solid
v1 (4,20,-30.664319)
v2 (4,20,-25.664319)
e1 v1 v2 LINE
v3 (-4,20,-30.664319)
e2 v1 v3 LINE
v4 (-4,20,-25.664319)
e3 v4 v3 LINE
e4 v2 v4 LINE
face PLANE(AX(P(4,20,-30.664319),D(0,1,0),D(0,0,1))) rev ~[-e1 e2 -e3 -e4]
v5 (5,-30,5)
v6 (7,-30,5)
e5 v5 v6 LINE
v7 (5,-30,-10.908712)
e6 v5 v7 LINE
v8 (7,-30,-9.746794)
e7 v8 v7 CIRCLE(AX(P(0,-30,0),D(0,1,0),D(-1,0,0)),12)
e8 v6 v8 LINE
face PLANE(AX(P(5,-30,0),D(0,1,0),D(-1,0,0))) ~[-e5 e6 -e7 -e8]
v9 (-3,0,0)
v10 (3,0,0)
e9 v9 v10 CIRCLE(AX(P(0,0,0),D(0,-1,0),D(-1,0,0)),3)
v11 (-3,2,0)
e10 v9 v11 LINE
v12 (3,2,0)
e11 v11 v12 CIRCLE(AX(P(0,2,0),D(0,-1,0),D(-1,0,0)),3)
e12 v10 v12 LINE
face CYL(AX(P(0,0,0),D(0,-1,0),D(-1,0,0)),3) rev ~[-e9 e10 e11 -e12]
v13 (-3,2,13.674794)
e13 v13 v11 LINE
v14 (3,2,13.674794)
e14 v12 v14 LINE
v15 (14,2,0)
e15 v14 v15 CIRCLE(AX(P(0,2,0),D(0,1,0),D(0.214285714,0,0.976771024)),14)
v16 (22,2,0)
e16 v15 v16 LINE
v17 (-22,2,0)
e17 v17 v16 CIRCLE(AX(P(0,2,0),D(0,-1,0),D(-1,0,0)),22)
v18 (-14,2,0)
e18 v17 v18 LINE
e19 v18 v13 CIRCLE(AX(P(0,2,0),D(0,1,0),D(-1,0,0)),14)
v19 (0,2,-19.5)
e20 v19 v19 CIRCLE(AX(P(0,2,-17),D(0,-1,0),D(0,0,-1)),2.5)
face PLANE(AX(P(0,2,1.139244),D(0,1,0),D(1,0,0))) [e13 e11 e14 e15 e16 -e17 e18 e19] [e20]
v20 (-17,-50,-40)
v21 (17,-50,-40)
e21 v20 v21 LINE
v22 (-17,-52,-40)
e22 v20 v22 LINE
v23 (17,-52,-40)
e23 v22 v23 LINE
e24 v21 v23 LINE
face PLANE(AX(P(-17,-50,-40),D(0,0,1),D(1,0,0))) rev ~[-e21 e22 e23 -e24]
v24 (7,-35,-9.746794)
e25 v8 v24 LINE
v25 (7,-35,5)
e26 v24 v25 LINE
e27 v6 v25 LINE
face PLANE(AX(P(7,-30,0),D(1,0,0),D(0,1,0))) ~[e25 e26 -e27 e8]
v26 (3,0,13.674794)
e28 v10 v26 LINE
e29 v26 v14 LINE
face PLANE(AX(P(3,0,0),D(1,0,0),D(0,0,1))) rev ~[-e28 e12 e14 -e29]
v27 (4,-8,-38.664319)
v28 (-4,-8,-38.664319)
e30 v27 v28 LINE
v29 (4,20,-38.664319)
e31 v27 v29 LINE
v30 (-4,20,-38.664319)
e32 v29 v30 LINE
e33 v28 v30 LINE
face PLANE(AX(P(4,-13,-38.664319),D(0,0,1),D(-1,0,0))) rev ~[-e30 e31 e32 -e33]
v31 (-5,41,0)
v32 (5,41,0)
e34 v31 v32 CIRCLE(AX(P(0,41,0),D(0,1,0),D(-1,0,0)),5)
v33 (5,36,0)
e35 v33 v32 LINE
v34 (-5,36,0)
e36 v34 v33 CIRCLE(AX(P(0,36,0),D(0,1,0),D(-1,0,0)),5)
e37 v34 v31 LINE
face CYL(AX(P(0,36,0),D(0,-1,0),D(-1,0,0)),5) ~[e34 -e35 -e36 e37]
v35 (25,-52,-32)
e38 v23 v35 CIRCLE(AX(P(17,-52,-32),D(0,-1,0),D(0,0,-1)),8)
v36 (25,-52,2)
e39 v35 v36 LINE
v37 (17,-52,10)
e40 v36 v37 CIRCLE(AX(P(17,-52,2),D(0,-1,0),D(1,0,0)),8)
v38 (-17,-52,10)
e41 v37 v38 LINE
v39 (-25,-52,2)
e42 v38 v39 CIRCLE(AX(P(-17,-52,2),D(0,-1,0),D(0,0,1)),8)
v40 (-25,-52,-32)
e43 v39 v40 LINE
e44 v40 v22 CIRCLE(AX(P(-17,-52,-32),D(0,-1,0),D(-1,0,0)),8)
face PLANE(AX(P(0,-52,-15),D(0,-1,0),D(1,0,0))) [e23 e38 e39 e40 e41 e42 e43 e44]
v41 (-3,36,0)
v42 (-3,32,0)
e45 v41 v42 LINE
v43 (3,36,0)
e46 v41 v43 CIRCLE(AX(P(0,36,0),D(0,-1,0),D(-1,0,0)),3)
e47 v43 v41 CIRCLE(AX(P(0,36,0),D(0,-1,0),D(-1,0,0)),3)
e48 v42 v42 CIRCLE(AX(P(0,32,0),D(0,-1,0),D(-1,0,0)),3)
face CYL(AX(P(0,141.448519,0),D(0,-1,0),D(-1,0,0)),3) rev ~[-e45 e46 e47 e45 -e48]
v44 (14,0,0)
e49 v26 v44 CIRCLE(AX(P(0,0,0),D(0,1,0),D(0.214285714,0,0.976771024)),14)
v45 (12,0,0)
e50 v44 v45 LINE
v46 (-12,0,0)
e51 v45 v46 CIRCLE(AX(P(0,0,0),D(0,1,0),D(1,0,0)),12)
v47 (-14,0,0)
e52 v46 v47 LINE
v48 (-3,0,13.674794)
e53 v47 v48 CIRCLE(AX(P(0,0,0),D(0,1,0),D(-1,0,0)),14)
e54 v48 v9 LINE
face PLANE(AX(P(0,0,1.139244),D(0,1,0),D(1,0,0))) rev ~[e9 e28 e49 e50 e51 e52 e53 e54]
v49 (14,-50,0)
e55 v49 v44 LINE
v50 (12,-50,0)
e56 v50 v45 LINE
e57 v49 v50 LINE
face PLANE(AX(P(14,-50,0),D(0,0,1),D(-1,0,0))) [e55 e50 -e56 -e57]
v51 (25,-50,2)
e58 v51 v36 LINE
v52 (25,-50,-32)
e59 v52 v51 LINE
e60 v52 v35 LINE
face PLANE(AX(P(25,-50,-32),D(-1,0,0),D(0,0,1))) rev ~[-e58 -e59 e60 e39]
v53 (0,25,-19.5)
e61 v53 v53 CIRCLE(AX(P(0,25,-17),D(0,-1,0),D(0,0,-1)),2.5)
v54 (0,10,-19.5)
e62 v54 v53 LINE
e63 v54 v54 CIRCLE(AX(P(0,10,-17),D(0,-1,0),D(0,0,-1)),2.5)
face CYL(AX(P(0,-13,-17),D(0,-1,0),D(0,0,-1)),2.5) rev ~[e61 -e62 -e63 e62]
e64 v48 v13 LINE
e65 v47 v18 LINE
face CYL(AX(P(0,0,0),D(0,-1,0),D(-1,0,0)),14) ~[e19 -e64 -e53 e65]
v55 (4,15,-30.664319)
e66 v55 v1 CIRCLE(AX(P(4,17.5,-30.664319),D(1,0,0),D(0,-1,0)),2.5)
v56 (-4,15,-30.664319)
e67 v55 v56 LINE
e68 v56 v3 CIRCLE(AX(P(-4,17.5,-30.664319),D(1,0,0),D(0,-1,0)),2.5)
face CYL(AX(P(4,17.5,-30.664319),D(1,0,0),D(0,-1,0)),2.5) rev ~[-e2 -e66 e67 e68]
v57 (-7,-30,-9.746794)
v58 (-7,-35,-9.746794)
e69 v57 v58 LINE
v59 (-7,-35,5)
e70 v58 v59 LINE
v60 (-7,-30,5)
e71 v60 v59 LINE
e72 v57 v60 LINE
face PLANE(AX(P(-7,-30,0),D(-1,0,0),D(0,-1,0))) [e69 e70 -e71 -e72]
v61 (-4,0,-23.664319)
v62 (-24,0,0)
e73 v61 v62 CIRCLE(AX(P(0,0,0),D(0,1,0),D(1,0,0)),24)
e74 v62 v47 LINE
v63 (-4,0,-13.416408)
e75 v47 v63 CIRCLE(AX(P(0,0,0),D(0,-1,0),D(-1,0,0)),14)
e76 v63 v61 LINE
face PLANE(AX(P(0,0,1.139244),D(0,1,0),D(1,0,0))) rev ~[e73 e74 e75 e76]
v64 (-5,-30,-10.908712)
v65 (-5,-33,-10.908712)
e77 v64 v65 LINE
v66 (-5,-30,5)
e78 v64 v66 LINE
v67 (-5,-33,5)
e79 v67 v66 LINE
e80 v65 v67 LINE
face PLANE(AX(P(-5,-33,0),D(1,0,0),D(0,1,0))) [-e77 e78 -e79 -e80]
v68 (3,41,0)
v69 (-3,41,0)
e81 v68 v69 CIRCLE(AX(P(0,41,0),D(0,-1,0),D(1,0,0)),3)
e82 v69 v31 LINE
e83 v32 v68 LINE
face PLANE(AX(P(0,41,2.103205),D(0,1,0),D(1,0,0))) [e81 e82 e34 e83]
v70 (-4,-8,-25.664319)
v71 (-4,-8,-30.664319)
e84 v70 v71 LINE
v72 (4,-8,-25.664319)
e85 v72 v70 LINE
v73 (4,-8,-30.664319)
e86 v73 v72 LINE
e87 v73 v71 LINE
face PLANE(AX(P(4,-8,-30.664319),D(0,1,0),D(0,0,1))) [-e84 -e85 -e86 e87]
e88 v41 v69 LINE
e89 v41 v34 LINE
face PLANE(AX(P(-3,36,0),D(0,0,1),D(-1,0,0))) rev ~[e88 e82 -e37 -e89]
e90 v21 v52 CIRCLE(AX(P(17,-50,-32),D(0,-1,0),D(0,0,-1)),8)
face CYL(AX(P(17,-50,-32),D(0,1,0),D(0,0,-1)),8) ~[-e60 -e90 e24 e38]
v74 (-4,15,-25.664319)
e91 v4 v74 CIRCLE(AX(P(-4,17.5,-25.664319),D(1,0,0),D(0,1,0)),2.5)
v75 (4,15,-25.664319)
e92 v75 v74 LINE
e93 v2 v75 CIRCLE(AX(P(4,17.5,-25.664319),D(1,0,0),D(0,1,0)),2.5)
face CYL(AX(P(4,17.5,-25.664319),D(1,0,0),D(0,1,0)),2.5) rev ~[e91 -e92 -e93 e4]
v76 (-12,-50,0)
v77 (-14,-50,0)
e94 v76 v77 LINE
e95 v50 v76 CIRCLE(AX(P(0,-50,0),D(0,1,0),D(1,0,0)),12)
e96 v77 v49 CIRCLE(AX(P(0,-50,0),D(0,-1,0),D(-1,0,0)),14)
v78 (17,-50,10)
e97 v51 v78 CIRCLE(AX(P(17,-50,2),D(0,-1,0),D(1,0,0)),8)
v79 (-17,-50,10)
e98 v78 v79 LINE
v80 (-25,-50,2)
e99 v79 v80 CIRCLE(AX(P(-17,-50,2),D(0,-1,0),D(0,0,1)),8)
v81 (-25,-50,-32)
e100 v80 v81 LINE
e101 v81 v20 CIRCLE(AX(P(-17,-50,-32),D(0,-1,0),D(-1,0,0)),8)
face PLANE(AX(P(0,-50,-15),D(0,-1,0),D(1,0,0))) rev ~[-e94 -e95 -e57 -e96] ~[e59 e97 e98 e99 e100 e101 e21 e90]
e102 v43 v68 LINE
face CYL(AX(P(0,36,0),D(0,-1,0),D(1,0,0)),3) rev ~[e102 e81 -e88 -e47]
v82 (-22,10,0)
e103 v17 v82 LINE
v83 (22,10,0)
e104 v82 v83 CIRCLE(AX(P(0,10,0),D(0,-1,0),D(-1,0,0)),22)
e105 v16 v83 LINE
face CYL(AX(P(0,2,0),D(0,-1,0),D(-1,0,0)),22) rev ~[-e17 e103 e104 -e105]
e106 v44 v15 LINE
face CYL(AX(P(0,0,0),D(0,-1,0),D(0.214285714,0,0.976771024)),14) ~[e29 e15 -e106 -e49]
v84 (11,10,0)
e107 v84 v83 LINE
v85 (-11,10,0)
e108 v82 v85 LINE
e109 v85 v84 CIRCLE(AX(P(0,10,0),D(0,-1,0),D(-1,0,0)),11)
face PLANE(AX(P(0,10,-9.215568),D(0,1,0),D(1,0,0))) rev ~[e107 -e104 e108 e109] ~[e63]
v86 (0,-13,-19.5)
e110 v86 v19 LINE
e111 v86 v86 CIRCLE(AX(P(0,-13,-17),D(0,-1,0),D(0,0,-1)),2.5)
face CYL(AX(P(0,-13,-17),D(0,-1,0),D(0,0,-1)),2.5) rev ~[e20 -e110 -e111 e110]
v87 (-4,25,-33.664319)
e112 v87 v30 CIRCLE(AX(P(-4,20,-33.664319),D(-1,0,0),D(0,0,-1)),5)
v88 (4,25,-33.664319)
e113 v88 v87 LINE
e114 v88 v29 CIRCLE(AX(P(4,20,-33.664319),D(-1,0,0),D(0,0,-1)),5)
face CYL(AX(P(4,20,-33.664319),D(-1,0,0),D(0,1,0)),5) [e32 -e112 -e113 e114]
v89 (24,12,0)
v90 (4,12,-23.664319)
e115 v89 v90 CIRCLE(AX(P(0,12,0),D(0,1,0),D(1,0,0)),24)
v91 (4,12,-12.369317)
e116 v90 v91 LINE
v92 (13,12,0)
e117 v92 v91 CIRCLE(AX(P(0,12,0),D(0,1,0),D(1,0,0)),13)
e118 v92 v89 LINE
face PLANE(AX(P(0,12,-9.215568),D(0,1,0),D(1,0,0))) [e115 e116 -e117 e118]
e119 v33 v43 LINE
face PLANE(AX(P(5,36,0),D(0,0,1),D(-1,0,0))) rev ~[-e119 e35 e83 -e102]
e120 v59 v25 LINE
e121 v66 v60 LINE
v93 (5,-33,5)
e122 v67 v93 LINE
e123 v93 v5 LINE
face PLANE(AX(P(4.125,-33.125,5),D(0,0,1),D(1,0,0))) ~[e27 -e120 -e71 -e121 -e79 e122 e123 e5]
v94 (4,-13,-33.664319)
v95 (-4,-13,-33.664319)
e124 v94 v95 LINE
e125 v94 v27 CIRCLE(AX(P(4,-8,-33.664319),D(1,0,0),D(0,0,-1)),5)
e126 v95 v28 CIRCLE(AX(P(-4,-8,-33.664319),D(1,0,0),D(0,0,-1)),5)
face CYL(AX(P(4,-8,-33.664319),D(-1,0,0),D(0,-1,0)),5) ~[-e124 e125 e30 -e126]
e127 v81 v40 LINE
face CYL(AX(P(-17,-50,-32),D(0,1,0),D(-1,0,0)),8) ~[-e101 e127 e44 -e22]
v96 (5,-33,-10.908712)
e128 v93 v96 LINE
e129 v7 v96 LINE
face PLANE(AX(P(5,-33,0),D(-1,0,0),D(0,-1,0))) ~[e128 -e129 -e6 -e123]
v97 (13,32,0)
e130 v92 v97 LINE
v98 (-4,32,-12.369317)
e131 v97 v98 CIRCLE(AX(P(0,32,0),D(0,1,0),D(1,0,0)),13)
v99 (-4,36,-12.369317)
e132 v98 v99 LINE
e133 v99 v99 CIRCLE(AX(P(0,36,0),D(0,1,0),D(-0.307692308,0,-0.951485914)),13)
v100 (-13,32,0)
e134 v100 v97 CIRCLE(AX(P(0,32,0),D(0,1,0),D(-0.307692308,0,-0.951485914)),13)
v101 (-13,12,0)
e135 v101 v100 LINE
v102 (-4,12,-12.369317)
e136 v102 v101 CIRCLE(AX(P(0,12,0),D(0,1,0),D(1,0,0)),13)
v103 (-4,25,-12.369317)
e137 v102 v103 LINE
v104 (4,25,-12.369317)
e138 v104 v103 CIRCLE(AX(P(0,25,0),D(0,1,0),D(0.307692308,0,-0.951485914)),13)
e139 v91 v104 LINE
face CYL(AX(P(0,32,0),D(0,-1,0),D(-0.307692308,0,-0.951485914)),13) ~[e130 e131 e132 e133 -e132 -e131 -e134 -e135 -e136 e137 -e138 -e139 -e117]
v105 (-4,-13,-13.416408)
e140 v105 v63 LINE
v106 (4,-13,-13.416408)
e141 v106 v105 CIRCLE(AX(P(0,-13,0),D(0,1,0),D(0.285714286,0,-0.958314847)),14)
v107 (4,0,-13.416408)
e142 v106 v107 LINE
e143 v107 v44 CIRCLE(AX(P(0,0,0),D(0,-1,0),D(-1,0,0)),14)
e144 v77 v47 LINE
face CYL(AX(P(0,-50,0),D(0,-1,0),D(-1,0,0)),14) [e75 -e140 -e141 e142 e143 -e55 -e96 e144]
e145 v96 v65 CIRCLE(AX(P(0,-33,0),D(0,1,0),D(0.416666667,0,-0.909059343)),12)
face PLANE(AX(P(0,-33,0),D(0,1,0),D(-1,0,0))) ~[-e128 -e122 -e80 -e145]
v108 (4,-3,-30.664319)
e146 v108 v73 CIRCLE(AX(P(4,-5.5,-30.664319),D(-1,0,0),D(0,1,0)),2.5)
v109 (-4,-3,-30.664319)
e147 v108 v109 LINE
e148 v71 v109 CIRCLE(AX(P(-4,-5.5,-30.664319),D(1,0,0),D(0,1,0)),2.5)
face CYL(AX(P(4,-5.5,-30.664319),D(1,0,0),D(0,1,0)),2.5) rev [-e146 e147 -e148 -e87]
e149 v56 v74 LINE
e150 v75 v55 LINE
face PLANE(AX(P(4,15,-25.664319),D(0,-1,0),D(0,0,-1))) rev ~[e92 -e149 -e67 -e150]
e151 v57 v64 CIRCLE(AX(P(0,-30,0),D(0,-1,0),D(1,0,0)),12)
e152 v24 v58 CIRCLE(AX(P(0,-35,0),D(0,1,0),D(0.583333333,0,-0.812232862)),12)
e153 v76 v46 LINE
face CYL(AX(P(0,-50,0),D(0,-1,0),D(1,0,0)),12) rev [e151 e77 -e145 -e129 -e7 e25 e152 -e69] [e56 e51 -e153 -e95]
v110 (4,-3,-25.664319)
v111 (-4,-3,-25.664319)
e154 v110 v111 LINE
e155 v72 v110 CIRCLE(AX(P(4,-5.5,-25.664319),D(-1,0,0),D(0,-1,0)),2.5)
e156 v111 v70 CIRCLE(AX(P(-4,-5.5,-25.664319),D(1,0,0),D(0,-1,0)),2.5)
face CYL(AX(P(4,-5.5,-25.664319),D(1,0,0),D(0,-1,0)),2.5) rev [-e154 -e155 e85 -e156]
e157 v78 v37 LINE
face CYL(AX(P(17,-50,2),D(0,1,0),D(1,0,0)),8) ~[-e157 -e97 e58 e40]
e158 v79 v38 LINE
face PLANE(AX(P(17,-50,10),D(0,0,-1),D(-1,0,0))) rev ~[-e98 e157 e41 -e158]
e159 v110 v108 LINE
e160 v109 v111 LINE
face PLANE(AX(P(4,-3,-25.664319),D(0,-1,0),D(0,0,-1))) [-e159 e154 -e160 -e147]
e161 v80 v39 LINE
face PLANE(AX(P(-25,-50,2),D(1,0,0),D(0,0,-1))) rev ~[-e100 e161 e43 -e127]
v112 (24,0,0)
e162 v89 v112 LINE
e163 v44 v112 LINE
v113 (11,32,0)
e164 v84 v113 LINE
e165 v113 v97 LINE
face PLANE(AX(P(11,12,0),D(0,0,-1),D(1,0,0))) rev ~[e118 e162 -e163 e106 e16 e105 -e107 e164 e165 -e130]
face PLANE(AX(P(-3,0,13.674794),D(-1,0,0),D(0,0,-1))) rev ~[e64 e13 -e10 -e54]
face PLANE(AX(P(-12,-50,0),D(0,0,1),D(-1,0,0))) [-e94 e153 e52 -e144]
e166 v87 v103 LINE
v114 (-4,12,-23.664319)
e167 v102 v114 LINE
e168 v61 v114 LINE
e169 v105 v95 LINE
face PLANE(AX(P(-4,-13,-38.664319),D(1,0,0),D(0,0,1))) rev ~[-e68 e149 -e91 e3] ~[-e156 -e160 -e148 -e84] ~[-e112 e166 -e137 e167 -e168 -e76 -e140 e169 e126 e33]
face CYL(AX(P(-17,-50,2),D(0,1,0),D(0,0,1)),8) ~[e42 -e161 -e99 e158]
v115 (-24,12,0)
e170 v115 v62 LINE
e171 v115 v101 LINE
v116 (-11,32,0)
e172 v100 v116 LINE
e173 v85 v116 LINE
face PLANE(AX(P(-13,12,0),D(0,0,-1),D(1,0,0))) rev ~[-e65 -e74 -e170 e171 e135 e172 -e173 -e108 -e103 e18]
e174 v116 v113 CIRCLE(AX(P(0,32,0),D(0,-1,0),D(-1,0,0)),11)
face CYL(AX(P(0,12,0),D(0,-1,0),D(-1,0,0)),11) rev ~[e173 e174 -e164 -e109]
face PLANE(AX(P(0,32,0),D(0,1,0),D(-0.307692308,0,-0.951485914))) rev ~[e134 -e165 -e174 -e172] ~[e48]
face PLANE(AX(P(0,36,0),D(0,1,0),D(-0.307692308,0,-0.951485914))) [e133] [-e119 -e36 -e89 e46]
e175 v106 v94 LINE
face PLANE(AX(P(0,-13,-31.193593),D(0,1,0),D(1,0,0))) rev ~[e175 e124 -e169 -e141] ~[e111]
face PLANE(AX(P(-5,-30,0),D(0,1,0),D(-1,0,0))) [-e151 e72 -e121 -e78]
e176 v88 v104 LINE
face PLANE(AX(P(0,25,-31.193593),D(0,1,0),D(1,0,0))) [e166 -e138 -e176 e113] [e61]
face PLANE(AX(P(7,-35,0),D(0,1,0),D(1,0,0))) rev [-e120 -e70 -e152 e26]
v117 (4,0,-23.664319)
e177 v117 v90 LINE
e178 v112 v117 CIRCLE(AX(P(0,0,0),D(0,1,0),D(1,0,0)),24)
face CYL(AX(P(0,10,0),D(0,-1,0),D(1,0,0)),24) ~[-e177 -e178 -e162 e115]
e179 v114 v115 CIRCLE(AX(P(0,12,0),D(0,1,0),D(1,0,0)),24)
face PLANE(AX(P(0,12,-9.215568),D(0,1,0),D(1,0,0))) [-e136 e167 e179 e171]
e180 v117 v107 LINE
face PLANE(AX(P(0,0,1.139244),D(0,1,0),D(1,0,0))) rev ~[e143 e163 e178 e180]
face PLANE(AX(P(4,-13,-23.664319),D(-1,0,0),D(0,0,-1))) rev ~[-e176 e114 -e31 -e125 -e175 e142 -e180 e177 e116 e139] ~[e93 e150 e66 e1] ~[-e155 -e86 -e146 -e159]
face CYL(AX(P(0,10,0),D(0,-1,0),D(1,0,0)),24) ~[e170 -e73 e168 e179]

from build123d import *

# Parameters (mm, degrees)
MOTOR_FRONTPLATE_DEPTH           = 2
MOTORKRYBBE_START                = 50
MOTORKRYBBE_DEPTH                = 50
SKYGGE_KAPPE_DEPTH               = 8
SKYGGE_TOPP_DEPTH                = 2
LEDHOLDER_TOPP_DEPTH             = 13
LEDHOLDER_START                  = 13
LEDHOLDER_BUNN_DEPTH             = 13
SKETCH10_R                       = 2.5
LEDHULL_DEPTH                    = 51.950956811
ROTORKAPPE_VEGG_DEPTH            = 20
SKETCH12_R                       = 13
LASERHOLDER_DEPTH                = 4
LASER_HULL_D                     = 6
BUNNPLATE_DEPTH                  = 2
BOSS_EXTRUDE12_DEPTH             = 5
BOSS_EXTRUDE12_DIRECTION_2_REACH = 72.207
LED_START                        = -38
LED_KABELHOLDER_DEPTH            = 38
KABELHOLDER_HULL_REACH           = 73.729
FILLET1_R                        = 5
BOSS_EXTRUDE14_DEPTH             = 5


with BuildPart() as part:
    # Sketch1 → Motor-frontplate (new body)
    with BuildSketch(Plane(origin=(0, 0, 0), x_dir=(1, 0, 0), z_dir=(0, 1, 0))):
        with BuildLine():
            ThreePointArc((-3, 0), (0, 3), (3, 0))
            Line((3, 0), (3, -13.674794331))
            ThreePointArc((3, -13.674794331), (10.908712115, -8.774964387), (14, 0))
            ThreePointArc((14, 0), (0, 14), (-14, 0))
            ThreePointArc((-14, 0), (-10.908712115, -8.774964387), (-3, -13.674794331))
            Line((-3, -13.674794331), (-3, 0))
        make_face()
        with BuildLine():
            Line((14, 0), (24, 0))
            ThreePointArc((24, 0), (0, 24), (-24, 0))
            Line((-24, 0), (-14, 0))
            ThreePointArc((-14, 0), (0, 14), (14, 0))
        make_face()
    extrude(amount=MOTOR_FRONTPLATE_DEPTH)

    # Sketch2 → Motorkrybbe (add)
    with BuildSketch(Plane.XZ.offset(MOTORKRYBBE_START)):
        with BuildLine():
            Line((-12, 0), (-14, 0))
            ThreePointArc((-14, 0), (0, -14), (14, 0))
            Line((14, 0), (12, 0))
            ThreePointArc((12, 0), (0, -12), (-12, 0))
        make_face()
    extrude(amount=-MOTORKRYBBE_DEPTH)

    # Sketch5 → Skygge - Kappe (add)
    with BuildSketch(Plane(origin=(0, 2, 0), x_dir=(1, 0, 0), z_dir=(0, 1, 0))):
        with BuildLine():
            Line((-24, 0), (-22, 0))
            ThreePointArc((-22, 0), (0, 22), (22, 0))
            Line((22, 0), (24, 0))
            ThreePointArc((24, 0), (0, 24), (-24, 0))
        make_face()
    extrude(amount=SKYGGE_KAPPE_DEPTH)

    # Sketch6 → Skygge - Topp (add)
    with BuildSketch(Plane(origin=(0, 10, 0), x_dir=(1, 0, 0), z_dir=(0, 1, 0))):
        with BuildLine():
            Line((-24, 0), (-11, 0))
            ThreePointArc((-11, 0), (0, 11), (11, 0))
            Line((11, 0), (24, 0))
            ThreePointArc((24, 0), (0, 24), (-24, 0))
        make_face()
    extrude(amount=SKYGGE_TOPP_DEPTH)

    # Sketch7 → LEDholder - Topp (add)
    with BuildSketch(Plane(origin=(0, 12, 0), x_dir=(1, 0, 0), z_dir=(0, 1, 0))):
        with BuildLine():
            Line((-4, 12.369316877), (-4, 23.664319132))
            ThreePointArc((-4, 23.664319132), (0, 24), (4, 23.664319132))
            Line((4, 23.664319132), (4, 12.369316877))
            ThreePointArc((4, 12.369316877), (0, 13), (-4, 12.369316877))
        make_face()
    extrude(amount=LEDHOLDER_TOPP_DEPTH)

    # Sketch8 → LEDholder - Bunn (add)
    with BuildSketch(Plane.XZ.offset(LEDHOLDER_START)):
        with BuildLine():
            ThreePointArc((-4, -23.664319132), (0, -24), (4, -23.664319132))
            Line((4, -23.664319132), (4, -13.416407865))
            ThreePointArc((4, -13.416407865), (0, -14), (-4, -13.416407865))
            Line((-4, -13.416407865), (-4, -23.664319132))
        make_face()
    extrude(amount=-LEDHOLDER_BUNN_DEPTH)

    # Sketch10 → LEDhull (cut, through all)
    with BuildSketch(Plane.XZ.offset(13)):
        with Locations(Location((0, -17, 0), (0, 0, 270))):
            Circle(SKETCH10_R)
    extrude(amount=-LEDHULL_DEPTH, mode=Mode.SUBTRACT)

    # Sketch11 → Rotorkappe - Vegg (add)
    with BuildSketch(Plane(origin=(0, 12, 0), x_dir=(1, 0, 0), z_dir=(0, 1, 0))):
        with BuildLine():
            Line((-13, 0), (-11, 0))
            ThreePointArc((-11, 0), (0, 11), (11, 0))
            Line((11, 0), (13, 0))
            ThreePointArc((13, 0), (0, 13), (-13, 0))
        make_face()
    extrude(amount=ROTORKAPPE_VEGG_DEPTH)

    # Sketch12 → Laserholder (add)
    with BuildSketch(Plane(origin=(0, 32, 0), x_dir=(1, 0, 0), z_dir=(0, 1, 0))):
        with Locations(Location((0, 0, 0), (0, 0, 107.920213139))):
            Circle(SKETCH12_R)
    extrude(amount=LASERHOLDER_DEPTH)

    # Laser - hull (through all)
    with Locations(Plane(origin=(0, 36, 0), x_dir=(1, 0, 0), z_dir=(0, 1, 0))):
        with Locations((0, 0)):
            Hole(LASER_HULL_D / 2)

    # Sketch16 → Bunnplate (add)
    with BuildSketch(Plane.XZ.offset(50)):
        with BuildLine():
            Line((-17, -40), (17, -40))
            ThreePointArc((17, -40), (22.656854249, -37.656854249), (25, -32))
            Line((25, -32), (25, 2))
            ThreePointArc((25, 2), (22.656854249, 7.656854249), (17, 10))
            Line((17, 10), (-17, 10))
            ThreePointArc((-17, 10), (-22.656854249, 7.656854249), (-25, 2))
            Line((-25, 2), (-25, -32))
            ThreePointArc((-25, -32), (-22.656854249, -37.656854249), (-17, -40))
        make_face()
    extrude(amount=BUNNPLATE_DEPTH)

    # Sketch19 → Boss-Extrude12 (add)
    with BuildSketch(Plane.XY):
        Polygon((0, -33), (-5, -33), (-5, -30), (-7, -30), (-7, -35), (0, -35), align=None)
    boss_extrude12 = extrude(amount=BOSS_EXTRUDE12_DEPTH)

    # Sketch19 → Boss-Extrude12 direction 2 (add, up to next)
    with BuildSketch(Plane.XY, mode=Mode.PRIVATE) as boss_extrude12_direction_2_sk1:
        Polygon((0, -33), (-5, -33), (-5, -30), (-7, -30), (-7, -35), (0, -35), align=None)
    boss_extrude12_direction_2_tool1 = extrude(boss_extrude12_direction_2_sk1.sketch, amount=-BOSS_EXTRUDE12_DIRECTION_2_REACH, mode=Mode.PRIVATE) - part.part
    boss_extrude12_direction_2 = boss_extrude12_direction_2_tool1.solids().sort_by_distance((-4.25, -33.25, 0))[0]
    add(boss_extrude12_direction_2)

    # Mirror2: Boss-Extrude12, Boss-Extrude12 direction 2 across plane
    add(boss_extrude12.mirror(Plane(origin=(0, -35, -40.002), x_dir=(0, 0, 1), z_dir=(1, 0, 0))))
    add(boss_extrude12_direction_2.mirror(Plane(origin=(0, -35, -40.002), x_dir=(0, 0, 1), z_dir=(1, 0, 0))))

    # Sketch20 → LED - kabelholder (add)
    with BuildSketch(Plane(origin=(0, 25, 0), x_dir=(1, 0, 0), z_dir=(0, 1, 0)).offset(LED_START)):
        with BuildLine():
            Line((4, 23.664319132), (4, 38.664319132))
            Line((4, 38.664319132), (-4, 38.664319132))
            Line((-4, 38.664319132), (-4, 23.664319132))
            ThreePointArc((-4, 23.664319132), (0, 24), (4, 23.664319132))
        make_face()
    extrude(amount=LED_KABELHOLDER_DEPTH)

    # Sketch21 → Kabelholder - hull (cut, up to next)
    with BuildSketch(Plane(origin=(4, 0, 0), x_dir=(0, 0, -1), z_dir=(1, 0, 0)), mode=Mode.PRIVATE) as kabelholder_hull_sk1:
        with BuildLine():
            Line((25.664319132, 15), (30.664319132, 15))
            ThreePointArc((30.664319132, 15), (33.164319132, 17.5), (30.664319132, 20))
            Line((30.664319132, 20), (25.664319132, 20))
            ThreePointArc((25.664319132, 20), (23.164319132, 17.5), (25.664319132, 15))
        make_face()
    kabelholder_hull_tool1 = extrude(kabelholder_hull_sk1.sketch, amount=-KABELHOLDER_HULL_REACH, mode=Mode.PRIVATE) & part.part
    # Sketch21 → Kabelholder - hull (cut, up to next)
    with BuildSketch(Plane(origin=(4, 0, 0), x_dir=(0, 0, -1), z_dir=(1, 0, 0)), mode=Mode.PRIVATE) as kabelholder_hull_sk2:
        with BuildLine():
            ThreePointArc((30.664319132, -3), (33.164319132, -5.5), (30.664319132, -8))
            Line((30.664319132, -8), (25.664319132, -8))
            ThreePointArc((25.664319132, -8), (23.164319132, -5.5), (25.664319132, -3))
            Line((25.664319132, -3), (30.664319132, -3))
        make_face()
    kabelholder_hull_tool2 = extrude(kabelholder_hull_sk2.sketch, amount=-KABELHOLDER_HULL_REACH, mode=Mode.PRIVATE) & part.part
    add(kabelholder_hull_tool1.solids().sort_by_distance((4, 17.5, -28.164319))[0], mode=Mode.SUBTRACT)
    add(kabelholder_hull_tool2.solids().sort_by_distance((4, -5.5, -28.164319))[0], mode=Mode.SUBTRACT)

    # Fillet1
    fillet1_edges = [part.edges().sort_by_distance(p)[0] for p in [
        (0, -13, -38.664319132),
        (0, 25, -38.664319132),
    ]]
    fillet(fillet1_edges, radius=FILLET1_R)

    # Sketch22 → Boss-Extrude14 (add)
    with BuildSketch(Plane(origin=(0, 36, 0), x_dir=(1, 0, 0), z_dir=(0, 1, 0))):
        with BuildLine():
            Line((-3, 0), (-5, 0))
            ThreePointArc((-5, 0), (0, -5), (5, 0))
            Line((5, 0), (3, 0))
            ThreePointArc((3, 0), (0, -3), (-3, 0))
        make_face()
    extrude(amount=BOSS_EXTRUDE14_DEPTH)


solid = part.part
